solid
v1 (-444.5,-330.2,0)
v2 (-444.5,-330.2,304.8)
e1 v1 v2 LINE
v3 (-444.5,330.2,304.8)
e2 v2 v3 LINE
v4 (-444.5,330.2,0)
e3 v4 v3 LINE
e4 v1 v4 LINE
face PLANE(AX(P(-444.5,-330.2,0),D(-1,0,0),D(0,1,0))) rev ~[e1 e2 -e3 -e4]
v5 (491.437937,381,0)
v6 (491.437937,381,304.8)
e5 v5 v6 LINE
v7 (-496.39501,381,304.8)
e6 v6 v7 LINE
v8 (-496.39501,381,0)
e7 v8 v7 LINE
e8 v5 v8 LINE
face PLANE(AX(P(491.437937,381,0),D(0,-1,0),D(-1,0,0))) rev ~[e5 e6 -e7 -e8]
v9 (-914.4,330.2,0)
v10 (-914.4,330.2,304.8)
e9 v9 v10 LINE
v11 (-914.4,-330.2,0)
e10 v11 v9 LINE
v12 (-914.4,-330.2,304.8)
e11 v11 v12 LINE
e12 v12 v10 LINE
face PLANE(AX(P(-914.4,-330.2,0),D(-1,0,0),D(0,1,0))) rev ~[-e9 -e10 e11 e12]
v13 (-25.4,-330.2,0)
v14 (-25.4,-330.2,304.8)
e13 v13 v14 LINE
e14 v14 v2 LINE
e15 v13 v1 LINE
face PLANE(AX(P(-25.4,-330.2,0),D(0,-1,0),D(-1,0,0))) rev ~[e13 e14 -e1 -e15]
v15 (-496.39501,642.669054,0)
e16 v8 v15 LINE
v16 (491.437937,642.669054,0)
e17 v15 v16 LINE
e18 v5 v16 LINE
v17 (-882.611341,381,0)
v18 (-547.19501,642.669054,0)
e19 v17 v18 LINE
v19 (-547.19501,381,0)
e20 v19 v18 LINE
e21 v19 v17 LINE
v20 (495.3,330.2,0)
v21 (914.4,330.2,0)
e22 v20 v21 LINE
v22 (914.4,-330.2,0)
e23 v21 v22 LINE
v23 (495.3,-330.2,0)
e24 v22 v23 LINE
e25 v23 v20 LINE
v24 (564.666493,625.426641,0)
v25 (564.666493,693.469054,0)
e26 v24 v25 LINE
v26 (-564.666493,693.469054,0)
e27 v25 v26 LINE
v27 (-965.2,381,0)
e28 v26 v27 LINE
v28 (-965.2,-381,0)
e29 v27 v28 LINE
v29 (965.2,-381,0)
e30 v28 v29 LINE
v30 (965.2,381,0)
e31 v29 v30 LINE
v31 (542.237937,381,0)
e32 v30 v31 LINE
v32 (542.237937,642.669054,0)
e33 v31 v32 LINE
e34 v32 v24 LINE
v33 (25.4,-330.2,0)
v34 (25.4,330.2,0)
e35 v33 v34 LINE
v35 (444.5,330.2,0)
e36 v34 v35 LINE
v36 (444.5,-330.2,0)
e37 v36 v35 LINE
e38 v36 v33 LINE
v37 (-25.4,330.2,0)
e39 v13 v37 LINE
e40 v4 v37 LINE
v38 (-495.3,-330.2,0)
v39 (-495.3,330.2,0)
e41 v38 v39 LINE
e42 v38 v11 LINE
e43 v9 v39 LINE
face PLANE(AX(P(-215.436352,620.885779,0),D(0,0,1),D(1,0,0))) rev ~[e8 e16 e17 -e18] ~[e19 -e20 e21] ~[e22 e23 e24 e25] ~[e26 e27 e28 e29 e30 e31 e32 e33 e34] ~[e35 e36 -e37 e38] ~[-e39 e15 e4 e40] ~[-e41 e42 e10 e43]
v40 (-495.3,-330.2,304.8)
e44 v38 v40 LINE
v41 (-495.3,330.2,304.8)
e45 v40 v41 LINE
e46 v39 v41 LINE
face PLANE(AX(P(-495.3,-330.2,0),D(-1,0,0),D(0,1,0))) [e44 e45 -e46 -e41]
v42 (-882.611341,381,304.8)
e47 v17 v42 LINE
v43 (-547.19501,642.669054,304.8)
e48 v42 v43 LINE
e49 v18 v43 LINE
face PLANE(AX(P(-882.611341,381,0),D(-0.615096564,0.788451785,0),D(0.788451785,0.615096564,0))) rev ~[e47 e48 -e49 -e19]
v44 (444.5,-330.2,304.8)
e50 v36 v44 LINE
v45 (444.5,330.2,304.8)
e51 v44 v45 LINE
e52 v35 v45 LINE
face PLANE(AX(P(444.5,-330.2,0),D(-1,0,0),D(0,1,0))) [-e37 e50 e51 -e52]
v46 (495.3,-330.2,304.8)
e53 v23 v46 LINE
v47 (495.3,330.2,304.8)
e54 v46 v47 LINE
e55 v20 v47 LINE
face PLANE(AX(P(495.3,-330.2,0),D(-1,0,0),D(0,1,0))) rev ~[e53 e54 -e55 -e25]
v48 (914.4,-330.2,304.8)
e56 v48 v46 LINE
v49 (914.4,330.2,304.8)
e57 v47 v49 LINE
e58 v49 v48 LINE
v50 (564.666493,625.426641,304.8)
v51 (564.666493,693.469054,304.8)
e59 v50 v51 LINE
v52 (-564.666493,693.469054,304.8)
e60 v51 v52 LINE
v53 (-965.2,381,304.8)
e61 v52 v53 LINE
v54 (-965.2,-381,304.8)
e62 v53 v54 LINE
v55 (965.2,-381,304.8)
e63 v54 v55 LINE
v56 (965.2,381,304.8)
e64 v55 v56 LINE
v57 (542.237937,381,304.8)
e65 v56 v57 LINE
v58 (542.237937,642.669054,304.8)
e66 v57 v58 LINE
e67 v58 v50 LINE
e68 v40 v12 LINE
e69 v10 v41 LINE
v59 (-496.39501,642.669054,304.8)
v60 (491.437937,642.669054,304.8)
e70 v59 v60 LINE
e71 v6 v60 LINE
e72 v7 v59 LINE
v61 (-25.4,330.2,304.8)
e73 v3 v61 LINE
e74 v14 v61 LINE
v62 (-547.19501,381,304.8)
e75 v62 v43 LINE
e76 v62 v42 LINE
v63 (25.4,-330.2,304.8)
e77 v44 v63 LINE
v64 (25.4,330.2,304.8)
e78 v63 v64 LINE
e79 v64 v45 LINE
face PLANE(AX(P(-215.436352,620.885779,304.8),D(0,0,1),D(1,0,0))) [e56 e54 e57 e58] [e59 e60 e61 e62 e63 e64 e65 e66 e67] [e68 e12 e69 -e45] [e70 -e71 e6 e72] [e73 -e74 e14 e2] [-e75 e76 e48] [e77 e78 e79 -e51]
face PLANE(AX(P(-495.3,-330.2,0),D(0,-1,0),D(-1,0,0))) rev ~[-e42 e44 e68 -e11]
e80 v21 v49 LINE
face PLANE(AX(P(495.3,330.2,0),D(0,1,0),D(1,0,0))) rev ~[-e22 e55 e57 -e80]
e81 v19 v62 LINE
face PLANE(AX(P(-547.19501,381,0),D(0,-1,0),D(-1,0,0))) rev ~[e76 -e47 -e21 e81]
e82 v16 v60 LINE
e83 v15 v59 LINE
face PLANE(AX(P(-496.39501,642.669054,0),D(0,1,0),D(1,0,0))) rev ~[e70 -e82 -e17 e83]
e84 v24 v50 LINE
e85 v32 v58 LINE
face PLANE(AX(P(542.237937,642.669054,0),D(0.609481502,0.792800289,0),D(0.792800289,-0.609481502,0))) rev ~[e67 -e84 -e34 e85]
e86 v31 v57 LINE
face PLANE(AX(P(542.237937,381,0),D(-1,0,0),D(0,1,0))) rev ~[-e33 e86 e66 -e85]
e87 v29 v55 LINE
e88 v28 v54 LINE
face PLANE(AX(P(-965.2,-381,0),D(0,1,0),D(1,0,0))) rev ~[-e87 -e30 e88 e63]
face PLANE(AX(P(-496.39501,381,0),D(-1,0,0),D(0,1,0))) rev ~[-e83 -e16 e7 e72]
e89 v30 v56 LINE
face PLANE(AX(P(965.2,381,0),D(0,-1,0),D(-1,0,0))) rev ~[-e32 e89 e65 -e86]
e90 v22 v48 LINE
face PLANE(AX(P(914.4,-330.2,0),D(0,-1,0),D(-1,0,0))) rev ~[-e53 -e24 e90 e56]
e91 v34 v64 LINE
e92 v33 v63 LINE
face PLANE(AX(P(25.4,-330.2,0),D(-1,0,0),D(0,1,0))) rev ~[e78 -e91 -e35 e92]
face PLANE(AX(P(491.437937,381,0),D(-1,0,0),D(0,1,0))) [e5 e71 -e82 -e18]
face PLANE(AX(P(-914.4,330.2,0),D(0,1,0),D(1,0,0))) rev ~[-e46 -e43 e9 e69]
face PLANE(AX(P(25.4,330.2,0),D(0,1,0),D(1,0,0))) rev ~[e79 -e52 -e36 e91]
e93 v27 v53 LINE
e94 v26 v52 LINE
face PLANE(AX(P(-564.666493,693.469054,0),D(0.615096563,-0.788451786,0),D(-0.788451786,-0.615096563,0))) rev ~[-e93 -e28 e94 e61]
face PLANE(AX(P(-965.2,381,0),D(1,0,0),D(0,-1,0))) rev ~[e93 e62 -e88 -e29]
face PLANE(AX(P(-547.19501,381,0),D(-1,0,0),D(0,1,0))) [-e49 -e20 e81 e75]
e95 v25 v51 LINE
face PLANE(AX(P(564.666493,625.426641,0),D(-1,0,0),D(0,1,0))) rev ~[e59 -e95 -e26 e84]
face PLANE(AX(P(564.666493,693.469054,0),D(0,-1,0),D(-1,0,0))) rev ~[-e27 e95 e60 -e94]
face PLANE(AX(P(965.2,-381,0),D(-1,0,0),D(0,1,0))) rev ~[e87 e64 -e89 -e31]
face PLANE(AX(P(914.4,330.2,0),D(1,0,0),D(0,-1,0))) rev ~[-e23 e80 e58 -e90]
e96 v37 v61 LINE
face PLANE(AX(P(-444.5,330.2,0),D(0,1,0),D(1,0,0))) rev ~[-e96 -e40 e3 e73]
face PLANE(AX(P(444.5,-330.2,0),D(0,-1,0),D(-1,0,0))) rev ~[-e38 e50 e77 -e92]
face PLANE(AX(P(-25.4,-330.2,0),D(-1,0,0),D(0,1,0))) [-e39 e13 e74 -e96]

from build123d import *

# Parameters (mm, degrees)
F0_W     = 50.8
F0_H     = 261.669054
F0_H_2   = 660.4
F1_DEPTH = 304.8


with BuildPart() as f1:
    # F0 (on Top) → F1 (new body)
    with BuildSketch(Plane.XY):
        Polygon((564.666493, 625.426641), (564.666493, 693.469054), (-564.666493, 693.469054), (-965.2, 381), (-882.611341, 381), (-547.19501, 642.669054), (-496.39501, 642.669054), (491.437937, 642.669054), (542.237937, 642.669054), align=None)
        with Locations((-521.79501, 511.834527)):
            Rectangle(F0_W, F0_H)
        with Locations((516.837937, 511.834527)):
            Rectangle(F0_W, F0_H)
        Polygon((965.2, -381), (965.2, 381), (882.611341, 381), (542.237937, 381), (491.437937, 381), (-496.39501, 381), (-547.19501, 381), (-882.611341, 381), (-965.2, 381), (-965.2, -381), align=None)
        Polygon((495.3, 330.2), (914.4, 330.2), (914.4, -330.2), (495.3, -330.2), (444.5, -330.2), (25.4, -330.2), (-25.4, -330.2), (-444.5, -330.2), (-495.3, -330.2), (-914.4, -330.2), (-914.4, 330.2), (-495.3, 330.2), (-444.5, 330.2), (-25.4, 330.2), (25.4, 330.2), (444.5, 330.2), align=None, mode=Mode.SUBTRACT)
        with Locations((469.9, 0)):
            Rectangle(F0_W, F0_H_2)
        Rectangle(F0_W, F0_H_2)
        with Locations((-469.9, 0)):
            Rectangle(F0_W, F0_H_2)
    extrude(amount=F1_DEPTH)


solid = f1.part
